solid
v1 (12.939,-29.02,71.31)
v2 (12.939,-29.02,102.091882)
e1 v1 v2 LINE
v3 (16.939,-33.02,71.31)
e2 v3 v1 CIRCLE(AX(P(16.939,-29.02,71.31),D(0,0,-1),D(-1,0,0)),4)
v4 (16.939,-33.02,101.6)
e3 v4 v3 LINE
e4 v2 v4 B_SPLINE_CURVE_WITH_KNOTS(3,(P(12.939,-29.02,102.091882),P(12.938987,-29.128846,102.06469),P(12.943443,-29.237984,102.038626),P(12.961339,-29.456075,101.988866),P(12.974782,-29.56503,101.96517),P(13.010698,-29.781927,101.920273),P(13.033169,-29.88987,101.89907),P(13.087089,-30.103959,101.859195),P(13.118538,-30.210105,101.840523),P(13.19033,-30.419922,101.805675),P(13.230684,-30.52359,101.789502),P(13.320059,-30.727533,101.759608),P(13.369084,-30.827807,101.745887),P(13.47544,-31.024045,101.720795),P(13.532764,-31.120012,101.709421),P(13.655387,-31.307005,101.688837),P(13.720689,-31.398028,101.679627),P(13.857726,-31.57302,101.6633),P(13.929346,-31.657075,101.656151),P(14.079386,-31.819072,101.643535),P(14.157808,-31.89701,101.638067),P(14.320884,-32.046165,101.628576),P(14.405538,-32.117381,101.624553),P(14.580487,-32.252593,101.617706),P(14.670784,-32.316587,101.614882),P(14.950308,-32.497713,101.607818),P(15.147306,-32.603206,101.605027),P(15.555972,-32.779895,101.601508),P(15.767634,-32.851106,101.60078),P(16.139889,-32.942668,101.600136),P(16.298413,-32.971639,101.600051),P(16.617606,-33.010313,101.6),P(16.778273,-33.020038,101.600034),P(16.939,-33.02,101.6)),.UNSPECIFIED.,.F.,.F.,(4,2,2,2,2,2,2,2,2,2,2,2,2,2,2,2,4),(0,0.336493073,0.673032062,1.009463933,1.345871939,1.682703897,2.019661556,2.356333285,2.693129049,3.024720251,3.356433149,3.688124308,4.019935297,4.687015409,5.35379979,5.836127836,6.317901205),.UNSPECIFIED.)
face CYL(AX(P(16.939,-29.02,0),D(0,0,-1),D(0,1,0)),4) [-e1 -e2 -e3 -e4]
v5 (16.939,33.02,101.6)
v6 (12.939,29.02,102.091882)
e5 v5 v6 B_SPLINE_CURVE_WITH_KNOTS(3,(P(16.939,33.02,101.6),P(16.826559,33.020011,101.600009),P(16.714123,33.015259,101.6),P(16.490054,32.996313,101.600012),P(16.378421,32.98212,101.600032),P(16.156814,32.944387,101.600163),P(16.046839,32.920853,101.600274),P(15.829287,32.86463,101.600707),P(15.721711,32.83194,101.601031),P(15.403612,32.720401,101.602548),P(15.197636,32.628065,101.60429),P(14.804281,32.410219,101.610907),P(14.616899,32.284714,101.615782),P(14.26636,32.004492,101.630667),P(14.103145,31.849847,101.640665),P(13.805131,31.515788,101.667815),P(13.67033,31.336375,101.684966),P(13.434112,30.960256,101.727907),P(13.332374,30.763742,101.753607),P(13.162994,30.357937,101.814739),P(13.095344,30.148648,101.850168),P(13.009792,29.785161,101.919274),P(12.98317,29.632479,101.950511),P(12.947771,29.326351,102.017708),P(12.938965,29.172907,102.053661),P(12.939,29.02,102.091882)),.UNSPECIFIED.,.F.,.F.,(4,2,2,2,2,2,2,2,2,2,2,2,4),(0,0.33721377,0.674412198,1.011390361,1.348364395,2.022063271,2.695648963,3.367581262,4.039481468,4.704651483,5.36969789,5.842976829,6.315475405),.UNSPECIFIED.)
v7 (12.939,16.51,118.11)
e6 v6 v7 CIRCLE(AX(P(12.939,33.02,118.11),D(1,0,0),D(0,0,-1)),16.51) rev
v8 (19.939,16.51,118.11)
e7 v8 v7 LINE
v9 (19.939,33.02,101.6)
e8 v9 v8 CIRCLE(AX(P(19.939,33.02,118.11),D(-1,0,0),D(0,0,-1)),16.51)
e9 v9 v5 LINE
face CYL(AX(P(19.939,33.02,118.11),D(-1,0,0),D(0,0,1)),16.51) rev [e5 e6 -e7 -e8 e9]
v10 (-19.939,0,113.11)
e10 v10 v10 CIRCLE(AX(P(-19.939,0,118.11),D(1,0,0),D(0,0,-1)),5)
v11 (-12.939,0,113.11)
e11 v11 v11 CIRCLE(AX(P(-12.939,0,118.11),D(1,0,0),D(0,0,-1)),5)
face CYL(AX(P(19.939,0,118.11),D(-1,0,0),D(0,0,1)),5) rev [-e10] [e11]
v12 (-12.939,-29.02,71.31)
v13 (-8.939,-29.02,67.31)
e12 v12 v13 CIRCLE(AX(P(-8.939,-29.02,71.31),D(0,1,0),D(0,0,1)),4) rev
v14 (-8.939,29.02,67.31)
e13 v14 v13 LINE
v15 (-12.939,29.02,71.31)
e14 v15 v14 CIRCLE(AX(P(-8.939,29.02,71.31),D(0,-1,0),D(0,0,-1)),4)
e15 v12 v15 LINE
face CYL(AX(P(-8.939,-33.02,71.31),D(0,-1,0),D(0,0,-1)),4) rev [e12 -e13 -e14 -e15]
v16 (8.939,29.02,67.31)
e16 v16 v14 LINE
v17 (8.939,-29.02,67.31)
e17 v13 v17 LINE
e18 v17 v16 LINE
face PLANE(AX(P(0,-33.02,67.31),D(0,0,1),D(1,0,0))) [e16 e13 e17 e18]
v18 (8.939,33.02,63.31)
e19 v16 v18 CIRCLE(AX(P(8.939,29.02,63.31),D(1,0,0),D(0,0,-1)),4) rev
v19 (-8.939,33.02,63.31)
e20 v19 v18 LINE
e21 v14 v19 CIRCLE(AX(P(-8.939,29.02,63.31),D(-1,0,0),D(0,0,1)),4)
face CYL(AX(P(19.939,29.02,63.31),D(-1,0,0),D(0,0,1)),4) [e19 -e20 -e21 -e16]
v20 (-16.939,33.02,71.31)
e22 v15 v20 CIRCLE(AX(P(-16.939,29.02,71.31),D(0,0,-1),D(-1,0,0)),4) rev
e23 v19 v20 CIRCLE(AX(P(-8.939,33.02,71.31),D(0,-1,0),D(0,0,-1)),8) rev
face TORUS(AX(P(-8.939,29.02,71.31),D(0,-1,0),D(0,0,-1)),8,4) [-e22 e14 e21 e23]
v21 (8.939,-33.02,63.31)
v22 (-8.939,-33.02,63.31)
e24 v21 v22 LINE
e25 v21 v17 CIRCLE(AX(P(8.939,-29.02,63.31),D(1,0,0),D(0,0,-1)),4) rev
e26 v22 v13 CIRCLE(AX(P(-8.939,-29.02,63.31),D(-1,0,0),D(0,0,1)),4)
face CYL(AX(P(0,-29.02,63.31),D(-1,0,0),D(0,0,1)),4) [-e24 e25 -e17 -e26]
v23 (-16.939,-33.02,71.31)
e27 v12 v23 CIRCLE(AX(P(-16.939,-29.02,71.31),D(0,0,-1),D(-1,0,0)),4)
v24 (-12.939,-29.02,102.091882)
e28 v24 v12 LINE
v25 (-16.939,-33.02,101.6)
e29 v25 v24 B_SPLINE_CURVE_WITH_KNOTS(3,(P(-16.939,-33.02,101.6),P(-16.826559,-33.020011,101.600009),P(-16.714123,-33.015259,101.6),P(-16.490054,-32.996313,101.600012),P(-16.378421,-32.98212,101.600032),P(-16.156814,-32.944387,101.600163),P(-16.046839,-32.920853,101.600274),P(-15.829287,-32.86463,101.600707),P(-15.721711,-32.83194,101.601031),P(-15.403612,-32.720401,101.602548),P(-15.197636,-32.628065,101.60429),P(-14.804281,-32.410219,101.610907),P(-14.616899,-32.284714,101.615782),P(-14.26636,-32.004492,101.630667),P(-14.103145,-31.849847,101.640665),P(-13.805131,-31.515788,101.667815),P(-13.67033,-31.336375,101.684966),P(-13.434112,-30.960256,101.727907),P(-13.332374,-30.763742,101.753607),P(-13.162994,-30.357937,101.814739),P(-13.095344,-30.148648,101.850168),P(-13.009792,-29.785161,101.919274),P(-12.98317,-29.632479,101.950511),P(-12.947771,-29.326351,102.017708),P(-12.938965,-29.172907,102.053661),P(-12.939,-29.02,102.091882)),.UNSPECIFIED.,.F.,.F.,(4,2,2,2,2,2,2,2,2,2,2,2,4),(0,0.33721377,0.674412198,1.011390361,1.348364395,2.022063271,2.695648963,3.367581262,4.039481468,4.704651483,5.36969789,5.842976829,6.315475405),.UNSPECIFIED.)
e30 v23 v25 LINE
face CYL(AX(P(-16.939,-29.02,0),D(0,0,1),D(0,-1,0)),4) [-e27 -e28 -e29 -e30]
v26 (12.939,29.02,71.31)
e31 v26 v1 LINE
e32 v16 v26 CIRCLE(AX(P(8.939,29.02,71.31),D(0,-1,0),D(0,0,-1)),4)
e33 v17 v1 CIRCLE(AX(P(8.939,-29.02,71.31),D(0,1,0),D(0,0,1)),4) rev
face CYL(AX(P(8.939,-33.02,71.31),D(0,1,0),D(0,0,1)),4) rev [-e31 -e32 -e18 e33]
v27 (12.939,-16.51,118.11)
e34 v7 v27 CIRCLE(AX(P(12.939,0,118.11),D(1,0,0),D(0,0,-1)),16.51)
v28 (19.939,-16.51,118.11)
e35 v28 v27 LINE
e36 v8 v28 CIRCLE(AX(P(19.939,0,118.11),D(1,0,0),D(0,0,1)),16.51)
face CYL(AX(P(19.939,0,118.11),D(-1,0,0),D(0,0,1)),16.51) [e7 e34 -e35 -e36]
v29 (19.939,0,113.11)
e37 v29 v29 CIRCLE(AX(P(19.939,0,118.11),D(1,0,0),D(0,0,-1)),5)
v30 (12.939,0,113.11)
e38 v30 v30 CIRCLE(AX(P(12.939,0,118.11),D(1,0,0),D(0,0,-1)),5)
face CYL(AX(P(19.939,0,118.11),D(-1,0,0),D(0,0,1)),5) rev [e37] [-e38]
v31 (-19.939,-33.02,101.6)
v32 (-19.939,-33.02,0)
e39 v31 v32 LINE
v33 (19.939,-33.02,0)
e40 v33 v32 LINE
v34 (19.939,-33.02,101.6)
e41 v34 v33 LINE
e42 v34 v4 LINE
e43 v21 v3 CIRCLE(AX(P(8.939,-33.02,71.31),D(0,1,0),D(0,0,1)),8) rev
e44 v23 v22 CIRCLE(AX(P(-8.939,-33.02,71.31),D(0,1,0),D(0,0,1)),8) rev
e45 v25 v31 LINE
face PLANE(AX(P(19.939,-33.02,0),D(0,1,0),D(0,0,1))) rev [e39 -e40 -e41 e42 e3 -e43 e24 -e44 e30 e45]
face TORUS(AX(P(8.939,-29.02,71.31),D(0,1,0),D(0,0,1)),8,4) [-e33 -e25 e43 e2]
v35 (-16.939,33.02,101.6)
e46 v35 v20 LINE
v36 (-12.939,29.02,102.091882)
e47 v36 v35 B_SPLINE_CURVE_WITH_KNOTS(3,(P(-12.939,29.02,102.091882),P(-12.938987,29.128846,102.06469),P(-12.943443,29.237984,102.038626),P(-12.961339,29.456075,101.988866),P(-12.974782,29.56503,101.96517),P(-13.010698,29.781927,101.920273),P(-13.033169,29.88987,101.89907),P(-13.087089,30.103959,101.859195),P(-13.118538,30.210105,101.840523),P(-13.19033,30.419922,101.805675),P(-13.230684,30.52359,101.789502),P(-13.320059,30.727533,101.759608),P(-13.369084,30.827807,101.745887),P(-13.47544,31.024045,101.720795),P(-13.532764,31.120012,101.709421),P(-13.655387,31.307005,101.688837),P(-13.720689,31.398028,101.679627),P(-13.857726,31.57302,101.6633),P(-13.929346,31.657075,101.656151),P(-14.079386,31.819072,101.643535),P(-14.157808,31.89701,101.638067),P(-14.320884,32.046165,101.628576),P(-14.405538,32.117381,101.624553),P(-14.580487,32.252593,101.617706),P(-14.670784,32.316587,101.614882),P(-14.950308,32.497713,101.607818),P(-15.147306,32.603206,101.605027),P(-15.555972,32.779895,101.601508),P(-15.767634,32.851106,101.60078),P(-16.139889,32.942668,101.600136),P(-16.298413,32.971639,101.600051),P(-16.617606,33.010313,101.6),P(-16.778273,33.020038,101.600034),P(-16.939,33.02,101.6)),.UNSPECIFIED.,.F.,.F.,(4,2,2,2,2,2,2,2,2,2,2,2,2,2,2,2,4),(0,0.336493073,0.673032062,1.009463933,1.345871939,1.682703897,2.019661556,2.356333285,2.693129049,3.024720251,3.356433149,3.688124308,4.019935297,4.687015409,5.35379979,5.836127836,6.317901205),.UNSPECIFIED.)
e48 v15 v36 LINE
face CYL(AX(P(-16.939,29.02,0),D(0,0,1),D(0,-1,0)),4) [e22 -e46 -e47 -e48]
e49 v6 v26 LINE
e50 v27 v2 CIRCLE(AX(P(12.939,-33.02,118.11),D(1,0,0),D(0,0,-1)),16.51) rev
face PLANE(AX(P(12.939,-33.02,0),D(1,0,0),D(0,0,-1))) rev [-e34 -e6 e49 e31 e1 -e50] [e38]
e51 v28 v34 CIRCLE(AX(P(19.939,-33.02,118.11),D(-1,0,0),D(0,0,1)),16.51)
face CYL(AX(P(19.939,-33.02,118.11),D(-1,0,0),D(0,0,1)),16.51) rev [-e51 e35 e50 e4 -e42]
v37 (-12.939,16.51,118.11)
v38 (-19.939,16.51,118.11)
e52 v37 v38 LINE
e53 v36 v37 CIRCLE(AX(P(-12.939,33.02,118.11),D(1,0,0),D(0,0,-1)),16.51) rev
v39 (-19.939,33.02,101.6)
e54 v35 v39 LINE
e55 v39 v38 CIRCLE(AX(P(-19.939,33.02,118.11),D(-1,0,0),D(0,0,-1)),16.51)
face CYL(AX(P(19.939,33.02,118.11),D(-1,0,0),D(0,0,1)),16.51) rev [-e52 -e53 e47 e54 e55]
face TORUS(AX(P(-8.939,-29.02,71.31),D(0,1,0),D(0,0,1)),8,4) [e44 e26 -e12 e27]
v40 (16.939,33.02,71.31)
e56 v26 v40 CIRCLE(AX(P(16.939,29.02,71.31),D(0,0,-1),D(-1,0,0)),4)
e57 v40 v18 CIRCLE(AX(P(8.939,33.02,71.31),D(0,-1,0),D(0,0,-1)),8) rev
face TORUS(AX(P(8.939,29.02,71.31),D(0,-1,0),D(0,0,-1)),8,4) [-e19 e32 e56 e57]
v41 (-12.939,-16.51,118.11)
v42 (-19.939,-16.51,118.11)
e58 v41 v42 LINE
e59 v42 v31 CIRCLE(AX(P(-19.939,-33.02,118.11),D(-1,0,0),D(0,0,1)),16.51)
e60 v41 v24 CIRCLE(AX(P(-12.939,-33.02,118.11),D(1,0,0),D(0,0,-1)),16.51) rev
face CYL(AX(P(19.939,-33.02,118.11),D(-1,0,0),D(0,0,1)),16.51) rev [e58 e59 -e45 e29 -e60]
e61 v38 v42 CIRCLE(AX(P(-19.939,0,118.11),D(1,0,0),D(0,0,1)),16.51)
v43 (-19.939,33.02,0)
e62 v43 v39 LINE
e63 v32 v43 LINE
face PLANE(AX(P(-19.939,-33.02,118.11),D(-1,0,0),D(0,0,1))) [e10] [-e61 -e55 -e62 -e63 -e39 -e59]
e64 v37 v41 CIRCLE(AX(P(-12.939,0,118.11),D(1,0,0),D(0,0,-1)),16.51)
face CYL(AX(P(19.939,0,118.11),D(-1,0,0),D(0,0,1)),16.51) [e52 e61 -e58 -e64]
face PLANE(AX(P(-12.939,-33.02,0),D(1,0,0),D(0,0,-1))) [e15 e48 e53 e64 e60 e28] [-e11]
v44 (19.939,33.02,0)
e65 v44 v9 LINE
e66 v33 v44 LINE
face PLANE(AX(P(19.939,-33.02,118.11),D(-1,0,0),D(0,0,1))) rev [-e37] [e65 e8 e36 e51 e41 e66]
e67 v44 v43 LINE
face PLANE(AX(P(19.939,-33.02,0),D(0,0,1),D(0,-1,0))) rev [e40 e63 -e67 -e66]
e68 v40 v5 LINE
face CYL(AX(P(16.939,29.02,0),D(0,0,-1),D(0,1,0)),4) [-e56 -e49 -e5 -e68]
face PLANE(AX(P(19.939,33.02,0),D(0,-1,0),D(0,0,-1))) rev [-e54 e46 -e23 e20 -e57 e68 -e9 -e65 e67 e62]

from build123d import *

# Parameters (mm, degrees)
SKETCH2_R               = 5
BOSS_EXTRUDE1_DEPTH     = 19.939
CUT_EXTRUDE1_DEPTH      = 141.037239765
CUT_EXTRUDE1_DEPTH_BACK = 141.037239765
SKETCH3_W               = 25.878
SKETCH3_H               = 67.31
FILLET1_R               = 4


with BuildPart() as part:
    # Sketch2 → Boss-Extrude1 (new, symmetric)
    with BuildSketch(Plane.YZ):
        with BuildLine():
            Line((-33.02, 0), (33.02, 0))
            Line((33.02, 0), (33.02, 101.6))
            ThreePointArc((33.02, 101.6), (21.345667043, 106.435667043), (16.51, 118.11))
            ThreePointArc((16.51, 118.11), (0, 134.62), (-16.51, 118.11))
            ThreePointArc((-16.51, 118.11), (-21.345667043, 106.435667043), (-33.02, 101.6))
            Line((-33.02, 101.6), (-33.02, 0))
        make_face()
        with Locations(Location((0, 118.11, 0), (0, 0, 270))):
            Circle(SKETCH2_R, mode=Mode.SUBTRACT)
    extrude(amount=BOSS_EXTRUDE1_DEPTH, both=True)

    # Sketch3 → Cut-Extrude1 (cut, two sides: drawn at the far end of the back side and taken through both)
    with BuildSketch(Plane(origin=(0, 0, 0), x_dir=(-1, 0, 0), z_dir=(0, 1, 0)).offset(-CUT_EXTRUDE1_DEPTH_BACK)):
        with Locations((0, 100.965)):
            Rectangle(SKETCH3_W, SKETCH3_H)
    extrude(amount=CUT_EXTRUDE1_DEPTH + CUT_EXTRUDE1_DEPTH_BACK, mode=Mode.SUBTRACT)

    # Fillet1
    fillet1_edges = [part.edges().sort_by_distance(p)[0] for p in [
        (12.939, 33.02, 84.455),
        (-12.939, -33.02, 84.455),
        (0, -33.02, 67.31),
        (-12.939, 33.02, 84.455),
        (12.939, -33.02, 84.455),
        (12.939, 0, 67.31),
        (-12.939, 0, 67.31),
        (0, 33.02, 67.31),
    ]]
    fillet(fillet1_edges, radius=FILLET1_R)


solid = part.part
